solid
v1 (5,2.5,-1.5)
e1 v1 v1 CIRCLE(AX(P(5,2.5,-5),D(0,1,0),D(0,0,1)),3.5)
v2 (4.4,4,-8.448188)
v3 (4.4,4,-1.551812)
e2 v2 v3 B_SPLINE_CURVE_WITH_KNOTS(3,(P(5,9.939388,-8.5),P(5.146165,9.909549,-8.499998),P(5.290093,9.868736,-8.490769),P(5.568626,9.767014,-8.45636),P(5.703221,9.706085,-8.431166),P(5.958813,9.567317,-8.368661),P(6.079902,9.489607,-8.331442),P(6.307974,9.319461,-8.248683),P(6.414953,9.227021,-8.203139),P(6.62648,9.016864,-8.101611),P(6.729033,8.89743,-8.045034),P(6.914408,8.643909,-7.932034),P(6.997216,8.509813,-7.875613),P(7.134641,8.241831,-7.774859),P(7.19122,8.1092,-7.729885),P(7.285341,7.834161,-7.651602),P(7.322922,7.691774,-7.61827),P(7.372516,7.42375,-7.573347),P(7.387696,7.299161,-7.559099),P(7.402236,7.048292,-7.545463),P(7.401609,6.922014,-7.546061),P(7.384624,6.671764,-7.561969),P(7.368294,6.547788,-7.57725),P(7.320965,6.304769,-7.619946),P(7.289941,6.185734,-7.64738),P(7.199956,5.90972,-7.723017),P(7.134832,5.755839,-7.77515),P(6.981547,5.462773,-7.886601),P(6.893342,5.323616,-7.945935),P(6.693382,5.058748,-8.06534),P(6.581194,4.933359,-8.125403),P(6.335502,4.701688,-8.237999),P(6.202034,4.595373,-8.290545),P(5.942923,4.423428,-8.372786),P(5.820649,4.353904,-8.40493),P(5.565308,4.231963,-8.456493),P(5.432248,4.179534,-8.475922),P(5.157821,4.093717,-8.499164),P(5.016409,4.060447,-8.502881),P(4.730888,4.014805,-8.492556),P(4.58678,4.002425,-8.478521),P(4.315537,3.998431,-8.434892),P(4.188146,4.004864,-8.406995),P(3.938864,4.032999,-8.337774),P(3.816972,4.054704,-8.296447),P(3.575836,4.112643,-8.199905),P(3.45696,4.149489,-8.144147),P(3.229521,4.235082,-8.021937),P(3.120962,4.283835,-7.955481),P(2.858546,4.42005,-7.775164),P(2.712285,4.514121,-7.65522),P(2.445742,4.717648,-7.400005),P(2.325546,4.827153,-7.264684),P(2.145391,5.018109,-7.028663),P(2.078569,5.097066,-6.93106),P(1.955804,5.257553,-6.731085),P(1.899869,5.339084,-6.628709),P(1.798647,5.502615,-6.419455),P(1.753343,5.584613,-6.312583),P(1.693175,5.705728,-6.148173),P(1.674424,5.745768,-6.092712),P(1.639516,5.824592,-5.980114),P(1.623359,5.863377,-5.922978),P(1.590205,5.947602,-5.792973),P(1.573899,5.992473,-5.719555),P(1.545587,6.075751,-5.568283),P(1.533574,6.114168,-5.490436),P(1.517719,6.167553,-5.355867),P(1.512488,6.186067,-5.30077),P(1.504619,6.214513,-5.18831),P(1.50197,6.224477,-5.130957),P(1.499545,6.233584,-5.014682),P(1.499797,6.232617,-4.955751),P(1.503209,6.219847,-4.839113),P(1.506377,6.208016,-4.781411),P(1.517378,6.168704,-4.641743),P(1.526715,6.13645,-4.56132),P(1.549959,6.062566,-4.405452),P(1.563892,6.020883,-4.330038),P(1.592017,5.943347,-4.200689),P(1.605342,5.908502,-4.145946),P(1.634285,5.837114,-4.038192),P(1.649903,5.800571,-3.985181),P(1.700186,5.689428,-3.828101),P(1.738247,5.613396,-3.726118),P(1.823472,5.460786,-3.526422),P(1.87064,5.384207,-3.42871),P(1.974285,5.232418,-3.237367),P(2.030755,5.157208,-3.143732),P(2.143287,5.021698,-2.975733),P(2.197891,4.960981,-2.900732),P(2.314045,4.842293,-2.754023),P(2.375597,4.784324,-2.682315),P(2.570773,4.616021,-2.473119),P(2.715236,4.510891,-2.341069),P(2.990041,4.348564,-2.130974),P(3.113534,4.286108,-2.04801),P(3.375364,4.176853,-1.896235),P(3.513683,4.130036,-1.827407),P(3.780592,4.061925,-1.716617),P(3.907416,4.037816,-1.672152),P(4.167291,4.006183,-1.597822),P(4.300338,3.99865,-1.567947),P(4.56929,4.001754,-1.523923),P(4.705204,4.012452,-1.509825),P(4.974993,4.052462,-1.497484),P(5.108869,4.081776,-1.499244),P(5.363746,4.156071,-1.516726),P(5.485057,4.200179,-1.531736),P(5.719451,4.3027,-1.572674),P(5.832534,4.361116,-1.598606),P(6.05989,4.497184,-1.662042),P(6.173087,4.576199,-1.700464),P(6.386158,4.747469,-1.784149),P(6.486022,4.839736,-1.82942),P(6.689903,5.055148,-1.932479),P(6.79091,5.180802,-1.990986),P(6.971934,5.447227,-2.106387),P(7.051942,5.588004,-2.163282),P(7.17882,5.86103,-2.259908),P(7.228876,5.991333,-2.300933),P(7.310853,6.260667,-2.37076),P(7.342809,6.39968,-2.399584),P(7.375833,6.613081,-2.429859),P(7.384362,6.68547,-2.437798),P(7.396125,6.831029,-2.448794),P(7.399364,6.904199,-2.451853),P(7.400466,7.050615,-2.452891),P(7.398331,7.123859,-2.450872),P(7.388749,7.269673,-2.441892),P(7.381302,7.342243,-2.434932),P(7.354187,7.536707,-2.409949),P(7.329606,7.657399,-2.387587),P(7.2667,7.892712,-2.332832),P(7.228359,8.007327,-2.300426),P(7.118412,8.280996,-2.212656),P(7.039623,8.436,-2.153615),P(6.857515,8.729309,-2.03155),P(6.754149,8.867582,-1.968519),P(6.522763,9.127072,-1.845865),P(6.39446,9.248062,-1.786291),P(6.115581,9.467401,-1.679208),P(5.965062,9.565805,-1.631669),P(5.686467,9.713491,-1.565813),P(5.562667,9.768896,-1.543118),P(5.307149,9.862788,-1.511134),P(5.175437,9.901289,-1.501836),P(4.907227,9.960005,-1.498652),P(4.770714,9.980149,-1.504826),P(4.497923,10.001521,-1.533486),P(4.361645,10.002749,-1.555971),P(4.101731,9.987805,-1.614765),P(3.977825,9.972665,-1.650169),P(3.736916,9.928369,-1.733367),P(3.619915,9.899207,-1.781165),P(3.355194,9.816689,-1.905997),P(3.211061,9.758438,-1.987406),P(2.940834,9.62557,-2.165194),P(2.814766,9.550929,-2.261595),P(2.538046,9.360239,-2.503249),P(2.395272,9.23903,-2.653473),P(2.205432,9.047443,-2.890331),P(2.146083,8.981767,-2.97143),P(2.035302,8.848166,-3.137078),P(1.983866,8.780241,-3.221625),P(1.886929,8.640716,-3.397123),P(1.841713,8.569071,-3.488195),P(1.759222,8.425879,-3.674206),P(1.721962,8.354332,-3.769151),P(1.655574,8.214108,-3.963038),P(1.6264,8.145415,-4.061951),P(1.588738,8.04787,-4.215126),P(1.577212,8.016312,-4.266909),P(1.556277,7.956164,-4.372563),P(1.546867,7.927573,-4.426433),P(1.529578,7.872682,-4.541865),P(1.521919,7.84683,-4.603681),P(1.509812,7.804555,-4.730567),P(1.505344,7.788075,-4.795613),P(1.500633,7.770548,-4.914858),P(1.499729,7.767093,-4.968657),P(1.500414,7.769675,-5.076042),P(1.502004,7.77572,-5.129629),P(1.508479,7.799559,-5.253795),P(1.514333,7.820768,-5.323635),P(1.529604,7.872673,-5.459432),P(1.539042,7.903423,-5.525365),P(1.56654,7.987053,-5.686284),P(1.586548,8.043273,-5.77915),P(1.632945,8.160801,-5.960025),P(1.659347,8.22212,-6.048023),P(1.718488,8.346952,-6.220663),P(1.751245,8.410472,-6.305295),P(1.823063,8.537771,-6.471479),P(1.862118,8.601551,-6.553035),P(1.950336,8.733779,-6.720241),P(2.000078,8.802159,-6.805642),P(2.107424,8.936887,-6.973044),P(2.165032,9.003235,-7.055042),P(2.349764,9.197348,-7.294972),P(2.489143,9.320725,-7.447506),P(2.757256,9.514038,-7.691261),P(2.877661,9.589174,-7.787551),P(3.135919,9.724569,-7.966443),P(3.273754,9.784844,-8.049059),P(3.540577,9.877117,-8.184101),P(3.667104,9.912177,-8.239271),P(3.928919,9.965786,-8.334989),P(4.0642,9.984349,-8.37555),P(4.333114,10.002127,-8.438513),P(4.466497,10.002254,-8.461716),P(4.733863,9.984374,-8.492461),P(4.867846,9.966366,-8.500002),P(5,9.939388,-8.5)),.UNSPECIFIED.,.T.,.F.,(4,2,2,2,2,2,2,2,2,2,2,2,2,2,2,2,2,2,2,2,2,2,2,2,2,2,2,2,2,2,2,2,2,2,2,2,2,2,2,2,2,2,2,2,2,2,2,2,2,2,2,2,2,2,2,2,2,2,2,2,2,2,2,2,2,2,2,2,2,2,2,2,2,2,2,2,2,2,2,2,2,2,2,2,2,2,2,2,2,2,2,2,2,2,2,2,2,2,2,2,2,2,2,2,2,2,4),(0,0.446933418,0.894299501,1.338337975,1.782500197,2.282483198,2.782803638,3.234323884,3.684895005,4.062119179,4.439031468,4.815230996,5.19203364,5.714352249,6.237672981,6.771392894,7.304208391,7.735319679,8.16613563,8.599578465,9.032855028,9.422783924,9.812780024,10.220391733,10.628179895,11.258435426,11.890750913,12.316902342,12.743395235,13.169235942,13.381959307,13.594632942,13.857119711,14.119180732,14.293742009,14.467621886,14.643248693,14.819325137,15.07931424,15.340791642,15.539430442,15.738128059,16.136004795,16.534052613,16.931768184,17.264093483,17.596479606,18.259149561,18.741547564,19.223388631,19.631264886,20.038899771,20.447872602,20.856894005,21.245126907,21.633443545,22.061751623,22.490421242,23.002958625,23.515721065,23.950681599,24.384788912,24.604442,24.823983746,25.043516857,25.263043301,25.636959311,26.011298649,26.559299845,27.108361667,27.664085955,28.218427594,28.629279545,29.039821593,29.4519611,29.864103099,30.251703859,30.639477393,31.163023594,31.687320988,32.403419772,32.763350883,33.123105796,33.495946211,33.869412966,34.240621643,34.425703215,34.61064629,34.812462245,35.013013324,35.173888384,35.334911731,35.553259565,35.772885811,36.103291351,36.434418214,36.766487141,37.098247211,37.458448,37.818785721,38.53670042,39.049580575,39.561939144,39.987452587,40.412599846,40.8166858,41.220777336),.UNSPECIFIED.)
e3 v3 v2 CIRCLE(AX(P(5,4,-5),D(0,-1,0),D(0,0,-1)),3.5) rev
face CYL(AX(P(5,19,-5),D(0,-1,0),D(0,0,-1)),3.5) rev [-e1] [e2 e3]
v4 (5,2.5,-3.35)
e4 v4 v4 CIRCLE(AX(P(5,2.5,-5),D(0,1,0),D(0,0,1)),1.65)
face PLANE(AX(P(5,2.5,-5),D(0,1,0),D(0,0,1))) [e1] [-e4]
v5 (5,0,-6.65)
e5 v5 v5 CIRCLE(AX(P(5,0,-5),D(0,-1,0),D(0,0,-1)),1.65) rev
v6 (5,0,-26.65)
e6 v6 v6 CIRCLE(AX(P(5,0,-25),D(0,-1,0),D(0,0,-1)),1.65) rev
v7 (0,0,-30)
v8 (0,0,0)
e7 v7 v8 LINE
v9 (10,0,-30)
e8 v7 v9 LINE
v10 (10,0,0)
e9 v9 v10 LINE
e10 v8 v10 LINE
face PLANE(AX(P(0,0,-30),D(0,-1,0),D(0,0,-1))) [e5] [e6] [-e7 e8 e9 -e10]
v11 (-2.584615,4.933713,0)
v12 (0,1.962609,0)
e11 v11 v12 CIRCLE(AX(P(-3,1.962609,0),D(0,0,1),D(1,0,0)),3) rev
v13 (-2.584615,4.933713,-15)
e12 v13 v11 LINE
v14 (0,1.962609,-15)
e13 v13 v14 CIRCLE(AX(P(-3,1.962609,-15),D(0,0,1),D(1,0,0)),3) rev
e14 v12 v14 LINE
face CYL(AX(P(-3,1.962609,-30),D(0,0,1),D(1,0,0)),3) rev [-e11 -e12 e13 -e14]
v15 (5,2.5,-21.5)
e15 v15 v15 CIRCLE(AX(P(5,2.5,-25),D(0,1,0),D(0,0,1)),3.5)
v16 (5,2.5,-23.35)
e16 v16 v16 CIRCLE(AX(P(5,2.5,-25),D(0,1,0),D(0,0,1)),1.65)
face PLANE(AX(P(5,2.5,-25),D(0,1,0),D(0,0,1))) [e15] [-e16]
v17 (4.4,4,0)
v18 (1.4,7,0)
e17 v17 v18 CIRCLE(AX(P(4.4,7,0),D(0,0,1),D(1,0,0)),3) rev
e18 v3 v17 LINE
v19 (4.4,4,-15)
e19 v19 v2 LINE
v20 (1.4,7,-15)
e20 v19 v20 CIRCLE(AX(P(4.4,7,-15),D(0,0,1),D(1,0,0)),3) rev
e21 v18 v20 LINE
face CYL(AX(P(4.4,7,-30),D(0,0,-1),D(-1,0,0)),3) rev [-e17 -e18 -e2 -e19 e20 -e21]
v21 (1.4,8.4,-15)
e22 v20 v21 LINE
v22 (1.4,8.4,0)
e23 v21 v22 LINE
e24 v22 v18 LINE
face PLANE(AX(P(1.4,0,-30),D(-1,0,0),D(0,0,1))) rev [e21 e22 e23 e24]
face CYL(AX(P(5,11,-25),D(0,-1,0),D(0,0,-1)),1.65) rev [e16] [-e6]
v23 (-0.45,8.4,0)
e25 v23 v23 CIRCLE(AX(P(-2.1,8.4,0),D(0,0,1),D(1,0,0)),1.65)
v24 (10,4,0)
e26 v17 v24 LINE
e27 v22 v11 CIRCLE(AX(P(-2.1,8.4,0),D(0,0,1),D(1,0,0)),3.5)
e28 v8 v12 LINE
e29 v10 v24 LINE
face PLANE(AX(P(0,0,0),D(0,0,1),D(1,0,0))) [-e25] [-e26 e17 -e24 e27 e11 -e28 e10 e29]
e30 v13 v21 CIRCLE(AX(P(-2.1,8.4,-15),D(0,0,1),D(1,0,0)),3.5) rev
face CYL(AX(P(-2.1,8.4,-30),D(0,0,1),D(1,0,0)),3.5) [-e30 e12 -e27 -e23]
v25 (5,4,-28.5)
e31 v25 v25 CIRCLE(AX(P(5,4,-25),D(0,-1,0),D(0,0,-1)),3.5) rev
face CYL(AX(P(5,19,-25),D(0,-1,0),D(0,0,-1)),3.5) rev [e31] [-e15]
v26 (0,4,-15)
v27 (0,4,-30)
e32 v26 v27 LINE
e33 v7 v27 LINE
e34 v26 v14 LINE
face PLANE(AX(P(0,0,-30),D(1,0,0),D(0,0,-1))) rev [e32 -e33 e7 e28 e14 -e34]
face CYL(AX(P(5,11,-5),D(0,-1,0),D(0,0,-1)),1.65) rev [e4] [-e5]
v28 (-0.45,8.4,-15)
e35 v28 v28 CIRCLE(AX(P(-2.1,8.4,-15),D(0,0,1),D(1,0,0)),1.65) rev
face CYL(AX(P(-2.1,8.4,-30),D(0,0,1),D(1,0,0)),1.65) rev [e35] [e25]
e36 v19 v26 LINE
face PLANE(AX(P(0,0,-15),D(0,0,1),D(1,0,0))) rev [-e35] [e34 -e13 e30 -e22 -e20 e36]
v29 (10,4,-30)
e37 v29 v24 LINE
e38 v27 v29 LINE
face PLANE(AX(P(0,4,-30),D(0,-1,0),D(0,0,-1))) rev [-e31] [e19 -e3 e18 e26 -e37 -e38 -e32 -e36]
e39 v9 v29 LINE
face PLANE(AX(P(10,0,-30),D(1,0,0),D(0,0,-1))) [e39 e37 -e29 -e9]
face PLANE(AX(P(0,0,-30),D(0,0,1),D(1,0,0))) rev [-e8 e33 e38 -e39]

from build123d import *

# Parameters (mm, degrees)
SKETCH1_R               = 3.5
SKETCH1_R_2             = 1.65
SKETCH1_W               = 10
SKETCH1_H               = 4
BOSS_EXTRUDE1_DEPTH     = 30
FILLET1_R               = 3
FILLET2_R               = 3
CUT_EXTRUDE1_DEPTH      = 15
CUT_EXTRUDE2_DEPTH      = 7
CUT_EXTRUDE2_DEPTH_BACK = 15
SKETCH3_R               = 1.65
CUT_EXTRUDE3_DEPTH      = 15
CUT_EXTRUDE3_DEPTH_BACK = 1.5
SKETCH4_R               = 3.5


with BuildPart() as part:
    # Sketch1 → Boss-Extrude1 (new body)
    # profile 1 of 3: a face of its own
    with BuildSketch(Plane.XY):
        with Locations((-2.1, 8.4)):
            Circle(SKETCH1_R)
        with Locations((-2.1, 8.4)):
            Circle(SKETCH1_R_2, mode=Mode.SUBTRACT)
    # profile 2 of 3: a face of its own
    with BuildSketch(Plane.XY):
        with BuildLine():
            Line((0, 5.6), (0, 4))
            Line((0, 4), (1.4, 4))
            Line((1.4, 4), (1.4, 8.4))
            ThreePointArc((1.4, 8.4), (1.030495168, 6.834752416), (0, 5.6))
        make_face()
    # profile 3 of 3: a face of its own
    with BuildSketch(Plane.XY):
        with Locations((5, 2)):
            Rectangle(SKETCH1_W, SKETCH1_H)
    extrude(amount=-BOSS_EXTRUDE1_DEPTH)

    # Fillet1
    fillet1_edges = [part.edges().sort_by_distance(p)[0] for p in [
        (1.4, 4, -15),
    ]]
    fillet(fillet1_edges, radius=FILLET1_R)

    # Fillet2
    fillet2_edges = [part.edges().sort_by_distance(p)[0] for p in [
        (0, 5.6, -15),
    ]]
    fillet(fillet2_edges, radius=FILLET2_R)

    # Sketch2 → Cut-Extrude1 (cut)
    with BuildSketch(Plane(origin=(0, 0, -30), x_dir=(-1, 0, 0), z_dir=(0, 0, -1))):
        Polygon((-4.4, 4), (0, 4), (0, 0), (6.883389495, 0), (6.883389495, 4), (6.883389495, 12.878531322), (-4.4, 12.878531322), align=None)
    extrude(amount=-CUT_EXTRUDE1_DEPTH, mode=Mode.SUBTRACT)

    # Sketch3 → Cut-Extrude2 (cut, two sides: drawn at the far end of the back side and taken through both)
    with BuildSketch(Plane(origin=(0, 4, 0), x_dir=(1, 0, 0), z_dir=(0, 1, 0)).offset(-CUT_EXTRUDE2_DEPTH_BACK)):
        with Locations(Location((5, 5, 0), (0, 0, 90))):
            Circle(SKETCH3_R)
        with Locations(Location((5, 25, 0), (0, 0, 90))):
            Circle(SKETCH3_R)
    extrude(amount=CUT_EXTRUDE2_DEPTH + CUT_EXTRUDE2_DEPTH_BACK, mode=Mode.SUBTRACT)

    # Sketch4 → Cut-Extrude3 (cut, two sides: drawn at the far end of the back side and taken through both)
    with BuildSketch(Plane(origin=(0, 4, 0), x_dir=(1, 0, 0), z_dir=(0, 1, 0)).offset(-CUT_EXTRUDE3_DEPTH_BACK)):
        with Locations(Location((5, 5, 0), (0, 0, 99.870889606))):
            Circle(SKETCH4_R)
        with Locations(Location((5, 25, 0), (0, 0, 90))):
            Circle(SKETCH4_R)
    extrude(amount=CUT_EXTRUDE3_DEPTH + CUT_EXTRUDE3_DEPTH_BACK, mode=Mode.SUBTRACT)


solid = part.part
